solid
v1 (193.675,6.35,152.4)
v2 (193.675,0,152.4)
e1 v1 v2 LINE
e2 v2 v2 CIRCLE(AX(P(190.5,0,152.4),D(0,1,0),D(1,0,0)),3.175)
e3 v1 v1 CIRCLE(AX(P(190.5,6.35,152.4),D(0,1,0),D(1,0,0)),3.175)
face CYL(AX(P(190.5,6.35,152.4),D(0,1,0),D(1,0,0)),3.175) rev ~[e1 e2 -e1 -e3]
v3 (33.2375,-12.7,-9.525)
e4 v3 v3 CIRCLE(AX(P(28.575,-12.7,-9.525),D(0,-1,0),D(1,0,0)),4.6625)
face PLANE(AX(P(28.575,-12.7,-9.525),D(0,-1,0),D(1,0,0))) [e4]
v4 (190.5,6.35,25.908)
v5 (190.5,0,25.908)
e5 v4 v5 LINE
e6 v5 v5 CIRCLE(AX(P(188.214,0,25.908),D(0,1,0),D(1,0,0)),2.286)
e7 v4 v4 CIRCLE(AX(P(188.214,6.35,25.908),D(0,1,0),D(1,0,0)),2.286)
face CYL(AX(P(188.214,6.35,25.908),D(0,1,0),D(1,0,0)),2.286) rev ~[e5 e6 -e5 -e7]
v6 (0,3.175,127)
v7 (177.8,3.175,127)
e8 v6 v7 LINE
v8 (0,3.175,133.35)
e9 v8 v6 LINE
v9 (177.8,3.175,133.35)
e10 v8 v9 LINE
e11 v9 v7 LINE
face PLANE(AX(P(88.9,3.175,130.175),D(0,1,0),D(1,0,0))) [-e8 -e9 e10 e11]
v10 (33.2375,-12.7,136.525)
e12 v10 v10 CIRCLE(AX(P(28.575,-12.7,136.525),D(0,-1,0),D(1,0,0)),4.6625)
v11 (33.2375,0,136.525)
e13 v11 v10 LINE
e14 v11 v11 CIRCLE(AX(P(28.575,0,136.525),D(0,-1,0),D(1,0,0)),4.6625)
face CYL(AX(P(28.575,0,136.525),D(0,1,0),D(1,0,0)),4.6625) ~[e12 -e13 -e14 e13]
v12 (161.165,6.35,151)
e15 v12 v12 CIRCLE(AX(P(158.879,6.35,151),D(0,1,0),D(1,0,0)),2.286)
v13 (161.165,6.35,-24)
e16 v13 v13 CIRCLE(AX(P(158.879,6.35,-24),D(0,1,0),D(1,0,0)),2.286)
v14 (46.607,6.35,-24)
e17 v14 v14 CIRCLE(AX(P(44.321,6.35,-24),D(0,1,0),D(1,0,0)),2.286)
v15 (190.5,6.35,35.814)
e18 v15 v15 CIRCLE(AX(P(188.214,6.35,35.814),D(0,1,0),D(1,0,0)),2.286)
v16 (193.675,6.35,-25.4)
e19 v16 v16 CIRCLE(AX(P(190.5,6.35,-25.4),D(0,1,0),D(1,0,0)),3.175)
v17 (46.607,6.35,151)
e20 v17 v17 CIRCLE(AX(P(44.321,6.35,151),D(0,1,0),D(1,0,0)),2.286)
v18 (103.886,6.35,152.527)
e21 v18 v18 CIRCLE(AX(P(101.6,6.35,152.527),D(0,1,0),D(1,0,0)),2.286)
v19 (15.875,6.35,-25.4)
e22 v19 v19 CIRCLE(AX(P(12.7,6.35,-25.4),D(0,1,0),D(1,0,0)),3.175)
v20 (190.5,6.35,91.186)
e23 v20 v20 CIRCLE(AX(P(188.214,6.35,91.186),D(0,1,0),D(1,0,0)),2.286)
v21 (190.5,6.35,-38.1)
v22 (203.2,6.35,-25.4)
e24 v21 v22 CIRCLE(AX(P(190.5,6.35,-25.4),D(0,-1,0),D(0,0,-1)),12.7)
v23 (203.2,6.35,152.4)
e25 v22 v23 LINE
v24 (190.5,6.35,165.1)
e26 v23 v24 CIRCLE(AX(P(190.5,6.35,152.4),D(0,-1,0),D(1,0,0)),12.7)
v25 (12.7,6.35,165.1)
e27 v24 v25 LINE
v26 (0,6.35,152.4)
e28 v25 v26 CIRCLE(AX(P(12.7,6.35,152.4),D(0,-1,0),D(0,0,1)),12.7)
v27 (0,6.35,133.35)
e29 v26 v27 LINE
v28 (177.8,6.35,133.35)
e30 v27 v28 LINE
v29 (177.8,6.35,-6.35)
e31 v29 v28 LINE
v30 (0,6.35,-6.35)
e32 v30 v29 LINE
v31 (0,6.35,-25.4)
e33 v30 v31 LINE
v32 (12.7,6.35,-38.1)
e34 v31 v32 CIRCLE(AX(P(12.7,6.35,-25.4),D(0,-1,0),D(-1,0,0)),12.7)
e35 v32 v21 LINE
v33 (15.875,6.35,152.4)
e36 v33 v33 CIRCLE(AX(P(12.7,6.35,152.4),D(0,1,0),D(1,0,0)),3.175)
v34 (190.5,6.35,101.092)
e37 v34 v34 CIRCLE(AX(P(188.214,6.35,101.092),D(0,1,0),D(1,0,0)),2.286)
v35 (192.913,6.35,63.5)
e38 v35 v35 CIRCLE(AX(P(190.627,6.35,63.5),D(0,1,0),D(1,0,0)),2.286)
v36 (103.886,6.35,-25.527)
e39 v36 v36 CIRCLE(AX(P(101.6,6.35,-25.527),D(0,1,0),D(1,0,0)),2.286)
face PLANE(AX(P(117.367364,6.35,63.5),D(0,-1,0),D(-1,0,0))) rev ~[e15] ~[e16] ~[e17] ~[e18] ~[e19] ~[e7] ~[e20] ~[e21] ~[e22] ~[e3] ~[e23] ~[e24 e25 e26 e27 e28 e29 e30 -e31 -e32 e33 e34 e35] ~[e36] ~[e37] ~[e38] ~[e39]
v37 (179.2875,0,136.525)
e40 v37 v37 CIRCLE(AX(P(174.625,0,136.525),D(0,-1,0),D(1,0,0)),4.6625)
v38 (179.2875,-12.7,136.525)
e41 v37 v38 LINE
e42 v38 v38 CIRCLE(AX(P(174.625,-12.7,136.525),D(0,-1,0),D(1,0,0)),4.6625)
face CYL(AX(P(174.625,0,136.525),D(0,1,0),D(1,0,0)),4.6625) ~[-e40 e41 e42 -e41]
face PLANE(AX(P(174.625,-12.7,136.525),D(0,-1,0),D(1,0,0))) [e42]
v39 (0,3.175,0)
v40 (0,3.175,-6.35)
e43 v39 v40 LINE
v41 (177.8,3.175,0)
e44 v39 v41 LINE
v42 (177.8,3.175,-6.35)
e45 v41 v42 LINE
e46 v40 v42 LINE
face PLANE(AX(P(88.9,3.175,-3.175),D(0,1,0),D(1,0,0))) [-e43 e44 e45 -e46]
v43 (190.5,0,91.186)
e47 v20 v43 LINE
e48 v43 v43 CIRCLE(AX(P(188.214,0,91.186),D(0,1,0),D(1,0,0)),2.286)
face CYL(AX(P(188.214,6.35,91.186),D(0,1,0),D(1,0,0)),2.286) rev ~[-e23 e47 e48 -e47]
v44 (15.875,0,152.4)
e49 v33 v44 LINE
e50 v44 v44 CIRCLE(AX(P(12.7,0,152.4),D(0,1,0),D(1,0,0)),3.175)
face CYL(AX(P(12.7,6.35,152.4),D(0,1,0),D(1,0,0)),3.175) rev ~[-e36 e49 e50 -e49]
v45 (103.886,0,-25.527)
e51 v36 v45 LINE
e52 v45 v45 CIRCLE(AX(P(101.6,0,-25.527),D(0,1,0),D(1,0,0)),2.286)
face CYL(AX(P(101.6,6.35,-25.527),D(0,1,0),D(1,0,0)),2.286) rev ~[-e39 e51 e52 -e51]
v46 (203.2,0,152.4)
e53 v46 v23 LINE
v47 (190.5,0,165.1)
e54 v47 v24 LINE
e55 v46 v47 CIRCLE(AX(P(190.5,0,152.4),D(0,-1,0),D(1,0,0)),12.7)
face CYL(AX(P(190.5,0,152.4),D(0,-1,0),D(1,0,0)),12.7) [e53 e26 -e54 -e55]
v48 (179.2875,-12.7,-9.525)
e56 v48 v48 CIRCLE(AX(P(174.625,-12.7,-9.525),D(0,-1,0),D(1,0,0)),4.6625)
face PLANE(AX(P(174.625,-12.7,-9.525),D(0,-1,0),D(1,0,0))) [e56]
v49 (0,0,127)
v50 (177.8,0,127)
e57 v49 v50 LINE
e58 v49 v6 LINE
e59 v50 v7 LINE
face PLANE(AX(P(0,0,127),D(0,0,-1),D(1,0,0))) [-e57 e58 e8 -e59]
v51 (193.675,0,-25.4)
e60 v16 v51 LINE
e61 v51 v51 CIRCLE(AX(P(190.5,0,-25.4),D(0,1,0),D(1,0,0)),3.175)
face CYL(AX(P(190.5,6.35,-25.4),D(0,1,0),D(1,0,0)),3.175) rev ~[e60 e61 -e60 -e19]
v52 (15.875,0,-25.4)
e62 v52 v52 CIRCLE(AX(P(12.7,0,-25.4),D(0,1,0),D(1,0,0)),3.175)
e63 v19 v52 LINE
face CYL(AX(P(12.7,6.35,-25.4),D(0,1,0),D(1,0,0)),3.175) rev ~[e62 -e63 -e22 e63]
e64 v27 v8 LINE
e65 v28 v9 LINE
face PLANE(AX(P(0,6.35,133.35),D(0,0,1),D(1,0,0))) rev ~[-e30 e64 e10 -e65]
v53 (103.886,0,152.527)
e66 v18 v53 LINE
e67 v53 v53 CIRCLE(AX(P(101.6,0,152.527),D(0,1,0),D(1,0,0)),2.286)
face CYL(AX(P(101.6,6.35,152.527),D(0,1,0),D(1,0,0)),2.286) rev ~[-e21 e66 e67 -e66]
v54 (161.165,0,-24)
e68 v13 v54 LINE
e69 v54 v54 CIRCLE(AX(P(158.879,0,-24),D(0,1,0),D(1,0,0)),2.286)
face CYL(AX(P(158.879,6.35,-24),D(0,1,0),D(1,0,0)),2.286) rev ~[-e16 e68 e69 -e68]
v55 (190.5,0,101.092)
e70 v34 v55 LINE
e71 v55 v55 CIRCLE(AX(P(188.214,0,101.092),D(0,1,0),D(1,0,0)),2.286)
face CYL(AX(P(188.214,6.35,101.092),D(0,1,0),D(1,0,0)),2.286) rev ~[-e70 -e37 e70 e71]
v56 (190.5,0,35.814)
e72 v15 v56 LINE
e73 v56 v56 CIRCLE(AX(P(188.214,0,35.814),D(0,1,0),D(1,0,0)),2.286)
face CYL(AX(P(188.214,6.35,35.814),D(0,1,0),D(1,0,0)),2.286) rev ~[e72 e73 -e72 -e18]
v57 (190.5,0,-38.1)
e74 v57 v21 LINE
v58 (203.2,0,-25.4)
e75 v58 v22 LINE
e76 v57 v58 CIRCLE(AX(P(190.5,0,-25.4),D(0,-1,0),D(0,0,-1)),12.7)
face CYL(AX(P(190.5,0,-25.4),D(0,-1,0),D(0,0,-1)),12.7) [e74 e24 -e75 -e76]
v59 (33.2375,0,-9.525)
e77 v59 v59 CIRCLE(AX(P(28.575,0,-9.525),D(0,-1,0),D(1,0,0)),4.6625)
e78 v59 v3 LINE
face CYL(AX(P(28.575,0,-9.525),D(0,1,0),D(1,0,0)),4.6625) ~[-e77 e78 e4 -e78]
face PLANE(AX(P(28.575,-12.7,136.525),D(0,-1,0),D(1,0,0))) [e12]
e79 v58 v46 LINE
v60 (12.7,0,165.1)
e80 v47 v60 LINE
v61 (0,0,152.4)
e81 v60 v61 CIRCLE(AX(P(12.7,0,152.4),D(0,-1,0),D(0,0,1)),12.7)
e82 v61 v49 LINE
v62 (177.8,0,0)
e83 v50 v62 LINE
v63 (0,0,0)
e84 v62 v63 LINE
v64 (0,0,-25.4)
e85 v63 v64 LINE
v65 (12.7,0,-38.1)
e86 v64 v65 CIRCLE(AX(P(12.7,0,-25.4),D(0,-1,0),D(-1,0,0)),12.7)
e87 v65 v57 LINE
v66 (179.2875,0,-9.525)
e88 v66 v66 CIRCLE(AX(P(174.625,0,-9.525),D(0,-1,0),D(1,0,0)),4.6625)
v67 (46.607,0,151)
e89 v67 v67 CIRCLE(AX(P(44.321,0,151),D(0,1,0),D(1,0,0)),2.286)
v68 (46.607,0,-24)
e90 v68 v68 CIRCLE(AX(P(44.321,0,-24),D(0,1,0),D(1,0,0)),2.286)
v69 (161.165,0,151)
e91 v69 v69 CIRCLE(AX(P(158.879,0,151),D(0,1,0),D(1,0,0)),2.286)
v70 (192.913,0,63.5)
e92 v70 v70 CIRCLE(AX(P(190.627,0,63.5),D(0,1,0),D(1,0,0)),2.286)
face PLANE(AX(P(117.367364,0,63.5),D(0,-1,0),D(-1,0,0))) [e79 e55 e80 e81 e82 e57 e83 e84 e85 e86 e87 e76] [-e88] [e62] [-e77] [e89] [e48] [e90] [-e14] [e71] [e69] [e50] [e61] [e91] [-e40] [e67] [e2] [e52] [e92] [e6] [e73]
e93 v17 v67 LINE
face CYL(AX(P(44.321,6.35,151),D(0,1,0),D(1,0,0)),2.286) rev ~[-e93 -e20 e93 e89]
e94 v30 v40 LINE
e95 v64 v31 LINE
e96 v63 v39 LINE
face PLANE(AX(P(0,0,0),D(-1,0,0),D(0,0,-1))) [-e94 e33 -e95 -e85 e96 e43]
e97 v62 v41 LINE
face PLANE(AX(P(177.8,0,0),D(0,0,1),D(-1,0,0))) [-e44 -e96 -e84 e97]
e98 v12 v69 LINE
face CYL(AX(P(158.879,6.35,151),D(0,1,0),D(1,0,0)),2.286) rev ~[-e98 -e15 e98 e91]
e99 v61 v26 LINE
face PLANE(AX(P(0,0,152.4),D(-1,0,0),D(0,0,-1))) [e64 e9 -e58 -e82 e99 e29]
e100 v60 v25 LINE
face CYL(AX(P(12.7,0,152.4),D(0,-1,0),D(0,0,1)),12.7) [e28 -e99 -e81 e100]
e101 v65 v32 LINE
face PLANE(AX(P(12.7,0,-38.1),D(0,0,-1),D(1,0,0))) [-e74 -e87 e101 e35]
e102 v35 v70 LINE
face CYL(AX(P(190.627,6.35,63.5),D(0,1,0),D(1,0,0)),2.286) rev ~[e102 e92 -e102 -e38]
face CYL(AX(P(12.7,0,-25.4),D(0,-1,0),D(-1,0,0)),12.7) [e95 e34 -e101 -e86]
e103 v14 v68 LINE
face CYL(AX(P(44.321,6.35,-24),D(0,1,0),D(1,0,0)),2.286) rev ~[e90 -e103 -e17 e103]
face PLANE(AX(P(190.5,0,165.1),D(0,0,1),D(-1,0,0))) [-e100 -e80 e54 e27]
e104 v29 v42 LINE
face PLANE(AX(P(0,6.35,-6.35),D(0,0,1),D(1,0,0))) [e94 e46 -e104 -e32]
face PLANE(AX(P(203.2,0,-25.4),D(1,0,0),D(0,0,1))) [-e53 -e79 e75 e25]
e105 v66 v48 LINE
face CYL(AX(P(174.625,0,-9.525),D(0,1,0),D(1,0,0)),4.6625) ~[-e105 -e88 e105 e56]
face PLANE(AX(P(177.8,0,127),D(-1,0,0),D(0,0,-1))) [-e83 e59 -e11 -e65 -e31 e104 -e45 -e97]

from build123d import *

# Parameters (mm, degrees)
BOSS_EXTRUDE2_DEPTH = 6.35
SKETCH2_R           = 3.175
CUT_EXTRUDE1_DEPTH  = 7.35
SKETCH5_R           = 4.6625
BOSS_EXTRUDE3_DEPTH = 12.7
SKETCH6_W           = 177.8
SKETCH6_H           = 6.35
CUT_EXTRUDE2_DEPTH  = 3.175
SKETCH7_R           = 2.286
CUT_EXTRUDE3_DEPTH  = 12.7
SKETCH8_R           = 2.286
CUT_EXTRUDE4_DEPTH  = 20.05
SKETCH9_R           = 2.286
CUT_EXTRUDE5_DEPTH  = 20.05


with BuildPart() as part:
    # Sketch1 → Boss-Extrude2 (new body)
    with BuildSketch(Plane(origin=(0, 0, 0), x_dir=(1, 0, 0), z_dir=(0, 1, 0))):
        with BuildLine():
            Line((0, 0), (0, 25.4))
            ThreePointArc((0, 25.4), (3.719743879, 34.380256121), (12.7, 38.1))
            Line((12.7, 38.1), (190.5, 38.1))
            ThreePointArc((190.5, 38.1), (199.480256121, 34.380256121), (203.2, 25.4))
            Line((203.2, 25.4), (203.2, -152.4))
            ThreePointArc((203.2, -152.4), (199.480256121, -161.380256121), (190.5, -165.1))
            Line((190.5, -165.1), (12.7, -165.1))
            ThreePointArc((12.7, -165.1), (3.719743879, -161.380256121), (0, -152.4))
            Line((0, -152.4), (0, -127))
            Line((0, -127), (177.8, -127))
            Line((177.8, -127), (177.8, 0))
            Line((177.8, 0), (0, 0))
        make_face()
    extrude(amount=BOSS_EXTRUDE2_DEPTH)

    # Sketch2 → Cut-Extrude1 (cut, through all)
    with BuildSketch(Plane(origin=(0, 6.35, 0), x_dir=(1, 0, 0), z_dir=(0, 1, 0))):
        with Locations((12.7, 25.4)):
            Circle(SKETCH2_R)
        with Locations((190.5, 25.4)):
            Circle(SKETCH2_R)
        with Locations((190.5, -152.4)):
            Circle(SKETCH2_R)
        with Locations((12.7, -152.4)):
            Circle(SKETCH2_R)
    extrude(amount=-CUT_EXTRUDE1_DEPTH, mode=Mode.SUBTRACT)

    # Sketch5 → Boss-Extrude3 (add)
    with BuildSketch(Plane.XZ):
        with Locations((28.575, 136.525)):
            Circle(SKETCH5_R)
        with Locations((174.625, 136.525)):
            Circle(SKETCH5_R)
        with Locations((174.625, -9.525)):
            Circle(SKETCH5_R)
        with Locations((28.575, -9.525)):
            Circle(SKETCH5_R)
    extrude(amount=BOSS_EXTRUDE3_DEPTH)

    # Sketch6 → Cut-Extrude2 (cut)
    with BuildSketch(Plane(origin=(0, 6.35, 0), x_dir=(1, 0, 0), z_dir=(0, 1, 0))):
        with Locations((88.9, -130.175)):
            Rectangle(SKETCH6_W, SKETCH6_H)
        with Locations((88.9, 3.175)):
            Rectangle(SKETCH6_W, SKETCH6_H)
    extrude(amount=-CUT_EXTRUDE2_DEPTH, mode=Mode.SUBTRACT)

    # Sketch7 → Cut-Extrude3 (cut)
    with BuildSketch(Plane(origin=(0, 6.35, 0), x_dir=(1, 0, 0), z_dir=(0, 1, 0))):
        with Locations((188.214, -101.092)):
            Circle(SKETCH7_R)
        with Locations((188.214, -91.186)):
            Circle(SKETCH7_R)
        with Locations((188.214, -35.814)):
            Circle(SKETCH7_R)
        with Locations((188.214, -25.908)):
            Circle(SKETCH7_R)
    extrude(amount=-CUT_EXTRUDE3_DEPTH, mode=Mode.SUBTRACT)

    # Sketch8 → Cut-Extrude4 (cut, through all)
    with BuildSketch(Plane(origin=(0, 6.35, 0), x_dir=(1, 0, 0), z_dir=(0, 1, 0))):
        with Locations((101.6, 25.527)):
            Circle(SKETCH8_R)
        with Locations((190.627, -63.5)):
            Circle(SKETCH8_R)
        with Locations((101.6, -152.527)):
            Circle(SKETCH8_R)
    extrude(amount=-CUT_EXTRUDE4_DEPTH, mode=Mode.SUBTRACT)

    # Sketch9 → Cut-Extrude5 (cut, through all)
    with BuildSketch(Plane(origin=(0, 6.35, 0), x_dir=(1, 0, 0), z_dir=(0, 1, 0))):
        with Locations((44.321, 24)):
            Circle(SKETCH9_R)
        with Locations((44.321, -151)):
            Circle(SKETCH9_R)
        with Locations((158.879, -151)):
            Circle(SKETCH9_R)
        with Locations((158.879, 24)):
            Circle(SKETCH9_R)
    extrude(amount=-CUT_EXTRUDE5_DEPTH, mode=Mode.SUBTRACT)


solid = part.part
